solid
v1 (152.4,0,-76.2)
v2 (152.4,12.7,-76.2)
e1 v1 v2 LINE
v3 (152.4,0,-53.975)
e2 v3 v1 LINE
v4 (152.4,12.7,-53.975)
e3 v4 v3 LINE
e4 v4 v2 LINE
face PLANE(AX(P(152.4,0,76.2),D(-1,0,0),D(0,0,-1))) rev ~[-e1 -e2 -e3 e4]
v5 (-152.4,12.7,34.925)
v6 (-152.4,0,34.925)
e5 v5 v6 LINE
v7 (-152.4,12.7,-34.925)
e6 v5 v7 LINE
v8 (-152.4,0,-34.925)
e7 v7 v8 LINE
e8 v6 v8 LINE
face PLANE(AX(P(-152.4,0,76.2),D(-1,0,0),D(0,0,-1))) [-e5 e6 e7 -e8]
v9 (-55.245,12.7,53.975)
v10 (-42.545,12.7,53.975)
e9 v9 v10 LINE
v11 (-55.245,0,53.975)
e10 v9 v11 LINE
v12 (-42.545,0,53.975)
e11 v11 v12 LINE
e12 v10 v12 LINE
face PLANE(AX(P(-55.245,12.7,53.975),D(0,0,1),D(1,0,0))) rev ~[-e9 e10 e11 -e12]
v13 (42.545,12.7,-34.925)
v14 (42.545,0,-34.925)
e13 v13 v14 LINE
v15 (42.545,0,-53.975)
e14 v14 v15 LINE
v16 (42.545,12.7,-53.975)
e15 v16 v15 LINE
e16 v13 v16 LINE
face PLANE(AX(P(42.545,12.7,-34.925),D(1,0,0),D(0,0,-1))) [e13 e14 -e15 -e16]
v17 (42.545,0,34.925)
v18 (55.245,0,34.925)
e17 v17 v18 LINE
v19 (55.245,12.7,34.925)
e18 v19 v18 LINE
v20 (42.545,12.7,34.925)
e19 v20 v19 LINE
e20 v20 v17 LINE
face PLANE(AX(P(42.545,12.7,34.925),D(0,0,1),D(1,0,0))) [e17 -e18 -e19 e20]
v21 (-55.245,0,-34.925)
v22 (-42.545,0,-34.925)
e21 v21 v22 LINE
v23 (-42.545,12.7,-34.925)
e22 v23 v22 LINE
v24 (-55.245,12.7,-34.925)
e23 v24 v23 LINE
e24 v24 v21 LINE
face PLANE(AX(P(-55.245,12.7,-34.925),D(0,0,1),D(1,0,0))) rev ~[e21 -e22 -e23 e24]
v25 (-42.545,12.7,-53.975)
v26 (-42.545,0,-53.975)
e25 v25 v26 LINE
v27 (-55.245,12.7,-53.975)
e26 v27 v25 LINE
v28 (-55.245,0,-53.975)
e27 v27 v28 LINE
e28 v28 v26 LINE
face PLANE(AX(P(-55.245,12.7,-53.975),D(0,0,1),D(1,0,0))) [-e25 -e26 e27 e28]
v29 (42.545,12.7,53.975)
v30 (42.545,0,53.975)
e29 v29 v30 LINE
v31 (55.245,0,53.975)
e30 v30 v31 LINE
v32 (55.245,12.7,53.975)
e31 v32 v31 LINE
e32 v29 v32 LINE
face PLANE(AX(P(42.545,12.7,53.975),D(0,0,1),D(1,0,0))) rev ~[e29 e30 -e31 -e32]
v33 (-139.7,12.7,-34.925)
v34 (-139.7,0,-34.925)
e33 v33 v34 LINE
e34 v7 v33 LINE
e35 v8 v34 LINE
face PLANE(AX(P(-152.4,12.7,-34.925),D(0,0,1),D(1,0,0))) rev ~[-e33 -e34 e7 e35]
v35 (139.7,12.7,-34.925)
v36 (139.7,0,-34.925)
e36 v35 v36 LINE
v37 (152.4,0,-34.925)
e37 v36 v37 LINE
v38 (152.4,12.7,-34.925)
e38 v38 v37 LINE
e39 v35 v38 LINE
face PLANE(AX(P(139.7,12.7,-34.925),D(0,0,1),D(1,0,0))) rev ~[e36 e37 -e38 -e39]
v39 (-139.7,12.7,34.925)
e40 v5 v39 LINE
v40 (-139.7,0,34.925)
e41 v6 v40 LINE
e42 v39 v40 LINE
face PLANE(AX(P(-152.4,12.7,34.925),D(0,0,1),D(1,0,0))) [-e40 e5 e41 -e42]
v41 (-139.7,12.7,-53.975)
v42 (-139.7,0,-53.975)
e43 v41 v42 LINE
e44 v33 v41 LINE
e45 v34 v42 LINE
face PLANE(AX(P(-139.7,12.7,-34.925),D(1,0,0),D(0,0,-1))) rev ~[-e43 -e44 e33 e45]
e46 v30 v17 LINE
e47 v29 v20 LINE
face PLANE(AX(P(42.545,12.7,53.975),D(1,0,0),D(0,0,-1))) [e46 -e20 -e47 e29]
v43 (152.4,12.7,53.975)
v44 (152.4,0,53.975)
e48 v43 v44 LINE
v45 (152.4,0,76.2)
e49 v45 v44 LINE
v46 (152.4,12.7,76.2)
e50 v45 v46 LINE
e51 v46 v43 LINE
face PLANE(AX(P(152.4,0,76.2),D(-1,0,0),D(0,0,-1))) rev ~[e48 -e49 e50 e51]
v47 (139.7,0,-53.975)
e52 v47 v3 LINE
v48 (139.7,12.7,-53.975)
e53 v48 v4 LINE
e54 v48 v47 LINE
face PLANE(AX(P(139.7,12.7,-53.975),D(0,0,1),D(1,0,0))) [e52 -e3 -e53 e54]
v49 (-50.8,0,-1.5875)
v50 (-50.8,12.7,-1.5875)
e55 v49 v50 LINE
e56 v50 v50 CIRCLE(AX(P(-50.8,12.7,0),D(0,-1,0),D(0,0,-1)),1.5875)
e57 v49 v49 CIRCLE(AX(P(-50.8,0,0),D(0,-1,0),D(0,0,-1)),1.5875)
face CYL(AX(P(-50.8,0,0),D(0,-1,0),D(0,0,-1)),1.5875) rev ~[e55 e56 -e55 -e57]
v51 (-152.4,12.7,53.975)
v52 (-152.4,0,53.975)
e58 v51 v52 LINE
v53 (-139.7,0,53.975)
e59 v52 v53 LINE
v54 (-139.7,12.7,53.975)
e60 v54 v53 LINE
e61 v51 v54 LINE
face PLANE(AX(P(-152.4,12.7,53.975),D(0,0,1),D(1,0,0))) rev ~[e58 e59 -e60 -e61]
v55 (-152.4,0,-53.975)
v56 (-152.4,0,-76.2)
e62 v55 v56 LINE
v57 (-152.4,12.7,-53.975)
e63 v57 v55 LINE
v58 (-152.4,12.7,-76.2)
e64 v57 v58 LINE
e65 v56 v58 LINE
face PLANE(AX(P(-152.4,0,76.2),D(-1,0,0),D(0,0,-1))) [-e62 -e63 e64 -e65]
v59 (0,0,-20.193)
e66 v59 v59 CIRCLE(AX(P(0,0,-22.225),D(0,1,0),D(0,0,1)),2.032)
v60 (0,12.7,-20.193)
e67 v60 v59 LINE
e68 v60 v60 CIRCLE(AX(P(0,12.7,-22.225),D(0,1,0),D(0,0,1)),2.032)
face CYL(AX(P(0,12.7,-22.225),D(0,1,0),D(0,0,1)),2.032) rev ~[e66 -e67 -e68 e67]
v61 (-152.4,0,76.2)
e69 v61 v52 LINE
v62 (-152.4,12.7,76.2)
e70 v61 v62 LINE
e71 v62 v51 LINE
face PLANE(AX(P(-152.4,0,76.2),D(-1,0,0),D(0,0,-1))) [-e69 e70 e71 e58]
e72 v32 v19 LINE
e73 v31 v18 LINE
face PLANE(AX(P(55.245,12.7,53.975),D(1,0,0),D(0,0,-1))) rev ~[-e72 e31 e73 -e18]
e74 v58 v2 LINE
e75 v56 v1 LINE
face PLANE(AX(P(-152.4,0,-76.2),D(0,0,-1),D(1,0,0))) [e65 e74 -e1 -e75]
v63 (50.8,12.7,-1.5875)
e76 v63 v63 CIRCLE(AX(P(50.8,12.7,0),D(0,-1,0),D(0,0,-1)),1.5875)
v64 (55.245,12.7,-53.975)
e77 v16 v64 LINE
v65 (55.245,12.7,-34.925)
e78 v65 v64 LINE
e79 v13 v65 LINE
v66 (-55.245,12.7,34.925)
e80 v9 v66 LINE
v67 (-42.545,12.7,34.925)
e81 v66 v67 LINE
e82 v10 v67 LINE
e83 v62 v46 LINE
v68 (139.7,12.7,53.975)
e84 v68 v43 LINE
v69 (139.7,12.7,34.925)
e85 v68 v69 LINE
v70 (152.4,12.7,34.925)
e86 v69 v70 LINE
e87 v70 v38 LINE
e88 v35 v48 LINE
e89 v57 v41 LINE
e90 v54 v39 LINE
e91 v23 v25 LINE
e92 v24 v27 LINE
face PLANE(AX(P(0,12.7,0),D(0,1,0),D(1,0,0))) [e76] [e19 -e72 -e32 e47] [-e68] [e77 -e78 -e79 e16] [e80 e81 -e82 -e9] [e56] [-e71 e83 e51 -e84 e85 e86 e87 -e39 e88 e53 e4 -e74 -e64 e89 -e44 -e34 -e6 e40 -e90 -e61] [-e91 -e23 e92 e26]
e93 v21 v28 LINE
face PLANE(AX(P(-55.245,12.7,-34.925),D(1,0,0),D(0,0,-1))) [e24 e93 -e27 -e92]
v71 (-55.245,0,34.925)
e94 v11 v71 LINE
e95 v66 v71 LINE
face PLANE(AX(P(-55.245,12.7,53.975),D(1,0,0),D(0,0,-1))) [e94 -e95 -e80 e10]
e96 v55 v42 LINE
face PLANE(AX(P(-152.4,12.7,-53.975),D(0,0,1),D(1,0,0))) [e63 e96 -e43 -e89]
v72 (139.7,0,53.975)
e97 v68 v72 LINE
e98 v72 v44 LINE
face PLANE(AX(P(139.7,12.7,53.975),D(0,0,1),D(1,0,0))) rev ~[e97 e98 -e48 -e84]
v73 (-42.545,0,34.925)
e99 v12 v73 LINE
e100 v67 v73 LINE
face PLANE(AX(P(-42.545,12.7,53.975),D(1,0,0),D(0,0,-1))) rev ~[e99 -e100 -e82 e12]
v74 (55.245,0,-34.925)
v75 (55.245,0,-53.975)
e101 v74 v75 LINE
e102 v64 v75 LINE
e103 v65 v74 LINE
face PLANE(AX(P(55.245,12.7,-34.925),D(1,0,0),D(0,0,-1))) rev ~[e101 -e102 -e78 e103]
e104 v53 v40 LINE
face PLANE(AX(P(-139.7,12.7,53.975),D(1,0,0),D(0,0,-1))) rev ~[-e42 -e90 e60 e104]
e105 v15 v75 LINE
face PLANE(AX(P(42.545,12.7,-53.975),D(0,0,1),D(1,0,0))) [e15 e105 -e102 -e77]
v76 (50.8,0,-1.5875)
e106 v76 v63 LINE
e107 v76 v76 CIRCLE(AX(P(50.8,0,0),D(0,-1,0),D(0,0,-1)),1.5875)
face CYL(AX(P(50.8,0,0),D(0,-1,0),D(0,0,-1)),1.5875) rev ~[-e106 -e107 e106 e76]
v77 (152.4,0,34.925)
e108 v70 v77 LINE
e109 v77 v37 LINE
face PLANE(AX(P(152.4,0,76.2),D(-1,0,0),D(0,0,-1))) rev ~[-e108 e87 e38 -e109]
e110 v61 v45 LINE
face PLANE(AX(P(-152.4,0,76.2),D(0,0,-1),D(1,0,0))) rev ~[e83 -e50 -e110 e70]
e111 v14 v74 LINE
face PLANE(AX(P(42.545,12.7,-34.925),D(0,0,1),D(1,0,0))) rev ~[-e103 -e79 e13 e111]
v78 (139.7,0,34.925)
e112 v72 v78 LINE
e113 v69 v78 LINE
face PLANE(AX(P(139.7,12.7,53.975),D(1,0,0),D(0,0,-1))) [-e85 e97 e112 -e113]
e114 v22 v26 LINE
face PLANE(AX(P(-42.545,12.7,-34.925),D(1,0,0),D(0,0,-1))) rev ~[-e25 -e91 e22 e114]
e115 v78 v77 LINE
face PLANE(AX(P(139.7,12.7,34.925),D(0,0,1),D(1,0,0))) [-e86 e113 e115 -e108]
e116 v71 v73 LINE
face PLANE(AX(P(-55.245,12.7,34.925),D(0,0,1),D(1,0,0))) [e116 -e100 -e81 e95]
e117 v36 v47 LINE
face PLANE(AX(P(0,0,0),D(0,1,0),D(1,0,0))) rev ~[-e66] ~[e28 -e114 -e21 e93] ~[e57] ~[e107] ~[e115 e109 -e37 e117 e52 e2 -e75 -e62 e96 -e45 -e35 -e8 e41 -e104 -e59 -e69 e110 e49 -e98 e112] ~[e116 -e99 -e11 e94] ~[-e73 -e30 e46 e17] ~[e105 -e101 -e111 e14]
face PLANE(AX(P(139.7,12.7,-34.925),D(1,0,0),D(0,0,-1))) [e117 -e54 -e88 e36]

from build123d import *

# Parameters (mm, degrees)
SKETCH1_W          = 304.8
SKETCH1_H          = 152.4
EXTRUDE1_DEPTH     = 12.7
SKETCH2_W          = 12.7
SKETCH2_H          = 19.05
EXTRUDE2_DEPTH     = 171.861025398
SKETCH3_R          = 1.5875
CUT_EXTRUDE1_DEPTH = 171.861025398
SKETCH4_R          = 2.032
CUT_EXTRUDE2_DEPTH = 171.861025398


with BuildPart() as part:
    # Sketch1 → Extrude1 (new body)
    with BuildSketch(Plane(origin=(0, 0, 0), x_dir=(1, 0, 0), z_dir=(0, 1, 0))):
        Rectangle(SKETCH1_W, SKETCH1_H)
    extrude(amount=EXTRUDE1_DEPTH)

    # Sketch2 → Extrude2 (cut, through all)
    with BuildSketch(Plane(origin=(0, 12.7, 0), x_dir=(1, 0, 0), z_dir=(0, 1, 0))):
        with Locations((-48.895, 44.45)):
            Rectangle(SKETCH2_W, SKETCH2_H)
        with Locations((48.895, 44.45)):
            Rectangle(SKETCH2_W, SKETCH2_H)
        with Locations((-48.895, -44.45)):
            Rectangle(SKETCH2_W, SKETCH2_H)
        with Locations((48.895, -44.45)):
            Rectangle(SKETCH2_W, SKETCH2_H)
        with Locations((146.05, 44.45)):
            Rectangle(SKETCH2_W, SKETCH2_H)
        with Locations((-146.05, 44.45)):
            Rectangle(SKETCH2_W, SKETCH2_H)
        with Locations((146.05, -44.45)):
            Rectangle(SKETCH2_W, SKETCH2_H)
        with Locations((-146.05, -44.45)):
            Rectangle(SKETCH2_W, SKETCH2_H)
    extrude(amount=-EXTRUDE2_DEPTH, mode=Mode.SUBTRACT)

    # Sketch3 → Cut-Extrude1 (cut, through all)
    with BuildSketch(Plane.XZ):
        with Locations(Location((50.8, 0, 0), (0, 0, 270))):
            Circle(SKETCH3_R)
        with Locations(Location((-50.8, 0, 0), (0, 0, 270))):
            Circle(SKETCH3_R)
    extrude(amount=-CUT_EXTRUDE1_DEPTH, mode=Mode.SUBTRACT)

    # Sketch4 → Cut-Extrude2 (cut, through all)
    with BuildSketch(Plane(origin=(0, 12.7, 0), x_dir=(1, 0, 0), z_dir=(0, 1, 0))):
        with Locations(Location((0, 22.225, 0), (0, 0, 270))):
            Circle(SKETCH4_R)
    extrude(amount=-CUT_EXTRUDE2_DEPTH, mode=Mode.SUBTRACT)


solid = part.part
